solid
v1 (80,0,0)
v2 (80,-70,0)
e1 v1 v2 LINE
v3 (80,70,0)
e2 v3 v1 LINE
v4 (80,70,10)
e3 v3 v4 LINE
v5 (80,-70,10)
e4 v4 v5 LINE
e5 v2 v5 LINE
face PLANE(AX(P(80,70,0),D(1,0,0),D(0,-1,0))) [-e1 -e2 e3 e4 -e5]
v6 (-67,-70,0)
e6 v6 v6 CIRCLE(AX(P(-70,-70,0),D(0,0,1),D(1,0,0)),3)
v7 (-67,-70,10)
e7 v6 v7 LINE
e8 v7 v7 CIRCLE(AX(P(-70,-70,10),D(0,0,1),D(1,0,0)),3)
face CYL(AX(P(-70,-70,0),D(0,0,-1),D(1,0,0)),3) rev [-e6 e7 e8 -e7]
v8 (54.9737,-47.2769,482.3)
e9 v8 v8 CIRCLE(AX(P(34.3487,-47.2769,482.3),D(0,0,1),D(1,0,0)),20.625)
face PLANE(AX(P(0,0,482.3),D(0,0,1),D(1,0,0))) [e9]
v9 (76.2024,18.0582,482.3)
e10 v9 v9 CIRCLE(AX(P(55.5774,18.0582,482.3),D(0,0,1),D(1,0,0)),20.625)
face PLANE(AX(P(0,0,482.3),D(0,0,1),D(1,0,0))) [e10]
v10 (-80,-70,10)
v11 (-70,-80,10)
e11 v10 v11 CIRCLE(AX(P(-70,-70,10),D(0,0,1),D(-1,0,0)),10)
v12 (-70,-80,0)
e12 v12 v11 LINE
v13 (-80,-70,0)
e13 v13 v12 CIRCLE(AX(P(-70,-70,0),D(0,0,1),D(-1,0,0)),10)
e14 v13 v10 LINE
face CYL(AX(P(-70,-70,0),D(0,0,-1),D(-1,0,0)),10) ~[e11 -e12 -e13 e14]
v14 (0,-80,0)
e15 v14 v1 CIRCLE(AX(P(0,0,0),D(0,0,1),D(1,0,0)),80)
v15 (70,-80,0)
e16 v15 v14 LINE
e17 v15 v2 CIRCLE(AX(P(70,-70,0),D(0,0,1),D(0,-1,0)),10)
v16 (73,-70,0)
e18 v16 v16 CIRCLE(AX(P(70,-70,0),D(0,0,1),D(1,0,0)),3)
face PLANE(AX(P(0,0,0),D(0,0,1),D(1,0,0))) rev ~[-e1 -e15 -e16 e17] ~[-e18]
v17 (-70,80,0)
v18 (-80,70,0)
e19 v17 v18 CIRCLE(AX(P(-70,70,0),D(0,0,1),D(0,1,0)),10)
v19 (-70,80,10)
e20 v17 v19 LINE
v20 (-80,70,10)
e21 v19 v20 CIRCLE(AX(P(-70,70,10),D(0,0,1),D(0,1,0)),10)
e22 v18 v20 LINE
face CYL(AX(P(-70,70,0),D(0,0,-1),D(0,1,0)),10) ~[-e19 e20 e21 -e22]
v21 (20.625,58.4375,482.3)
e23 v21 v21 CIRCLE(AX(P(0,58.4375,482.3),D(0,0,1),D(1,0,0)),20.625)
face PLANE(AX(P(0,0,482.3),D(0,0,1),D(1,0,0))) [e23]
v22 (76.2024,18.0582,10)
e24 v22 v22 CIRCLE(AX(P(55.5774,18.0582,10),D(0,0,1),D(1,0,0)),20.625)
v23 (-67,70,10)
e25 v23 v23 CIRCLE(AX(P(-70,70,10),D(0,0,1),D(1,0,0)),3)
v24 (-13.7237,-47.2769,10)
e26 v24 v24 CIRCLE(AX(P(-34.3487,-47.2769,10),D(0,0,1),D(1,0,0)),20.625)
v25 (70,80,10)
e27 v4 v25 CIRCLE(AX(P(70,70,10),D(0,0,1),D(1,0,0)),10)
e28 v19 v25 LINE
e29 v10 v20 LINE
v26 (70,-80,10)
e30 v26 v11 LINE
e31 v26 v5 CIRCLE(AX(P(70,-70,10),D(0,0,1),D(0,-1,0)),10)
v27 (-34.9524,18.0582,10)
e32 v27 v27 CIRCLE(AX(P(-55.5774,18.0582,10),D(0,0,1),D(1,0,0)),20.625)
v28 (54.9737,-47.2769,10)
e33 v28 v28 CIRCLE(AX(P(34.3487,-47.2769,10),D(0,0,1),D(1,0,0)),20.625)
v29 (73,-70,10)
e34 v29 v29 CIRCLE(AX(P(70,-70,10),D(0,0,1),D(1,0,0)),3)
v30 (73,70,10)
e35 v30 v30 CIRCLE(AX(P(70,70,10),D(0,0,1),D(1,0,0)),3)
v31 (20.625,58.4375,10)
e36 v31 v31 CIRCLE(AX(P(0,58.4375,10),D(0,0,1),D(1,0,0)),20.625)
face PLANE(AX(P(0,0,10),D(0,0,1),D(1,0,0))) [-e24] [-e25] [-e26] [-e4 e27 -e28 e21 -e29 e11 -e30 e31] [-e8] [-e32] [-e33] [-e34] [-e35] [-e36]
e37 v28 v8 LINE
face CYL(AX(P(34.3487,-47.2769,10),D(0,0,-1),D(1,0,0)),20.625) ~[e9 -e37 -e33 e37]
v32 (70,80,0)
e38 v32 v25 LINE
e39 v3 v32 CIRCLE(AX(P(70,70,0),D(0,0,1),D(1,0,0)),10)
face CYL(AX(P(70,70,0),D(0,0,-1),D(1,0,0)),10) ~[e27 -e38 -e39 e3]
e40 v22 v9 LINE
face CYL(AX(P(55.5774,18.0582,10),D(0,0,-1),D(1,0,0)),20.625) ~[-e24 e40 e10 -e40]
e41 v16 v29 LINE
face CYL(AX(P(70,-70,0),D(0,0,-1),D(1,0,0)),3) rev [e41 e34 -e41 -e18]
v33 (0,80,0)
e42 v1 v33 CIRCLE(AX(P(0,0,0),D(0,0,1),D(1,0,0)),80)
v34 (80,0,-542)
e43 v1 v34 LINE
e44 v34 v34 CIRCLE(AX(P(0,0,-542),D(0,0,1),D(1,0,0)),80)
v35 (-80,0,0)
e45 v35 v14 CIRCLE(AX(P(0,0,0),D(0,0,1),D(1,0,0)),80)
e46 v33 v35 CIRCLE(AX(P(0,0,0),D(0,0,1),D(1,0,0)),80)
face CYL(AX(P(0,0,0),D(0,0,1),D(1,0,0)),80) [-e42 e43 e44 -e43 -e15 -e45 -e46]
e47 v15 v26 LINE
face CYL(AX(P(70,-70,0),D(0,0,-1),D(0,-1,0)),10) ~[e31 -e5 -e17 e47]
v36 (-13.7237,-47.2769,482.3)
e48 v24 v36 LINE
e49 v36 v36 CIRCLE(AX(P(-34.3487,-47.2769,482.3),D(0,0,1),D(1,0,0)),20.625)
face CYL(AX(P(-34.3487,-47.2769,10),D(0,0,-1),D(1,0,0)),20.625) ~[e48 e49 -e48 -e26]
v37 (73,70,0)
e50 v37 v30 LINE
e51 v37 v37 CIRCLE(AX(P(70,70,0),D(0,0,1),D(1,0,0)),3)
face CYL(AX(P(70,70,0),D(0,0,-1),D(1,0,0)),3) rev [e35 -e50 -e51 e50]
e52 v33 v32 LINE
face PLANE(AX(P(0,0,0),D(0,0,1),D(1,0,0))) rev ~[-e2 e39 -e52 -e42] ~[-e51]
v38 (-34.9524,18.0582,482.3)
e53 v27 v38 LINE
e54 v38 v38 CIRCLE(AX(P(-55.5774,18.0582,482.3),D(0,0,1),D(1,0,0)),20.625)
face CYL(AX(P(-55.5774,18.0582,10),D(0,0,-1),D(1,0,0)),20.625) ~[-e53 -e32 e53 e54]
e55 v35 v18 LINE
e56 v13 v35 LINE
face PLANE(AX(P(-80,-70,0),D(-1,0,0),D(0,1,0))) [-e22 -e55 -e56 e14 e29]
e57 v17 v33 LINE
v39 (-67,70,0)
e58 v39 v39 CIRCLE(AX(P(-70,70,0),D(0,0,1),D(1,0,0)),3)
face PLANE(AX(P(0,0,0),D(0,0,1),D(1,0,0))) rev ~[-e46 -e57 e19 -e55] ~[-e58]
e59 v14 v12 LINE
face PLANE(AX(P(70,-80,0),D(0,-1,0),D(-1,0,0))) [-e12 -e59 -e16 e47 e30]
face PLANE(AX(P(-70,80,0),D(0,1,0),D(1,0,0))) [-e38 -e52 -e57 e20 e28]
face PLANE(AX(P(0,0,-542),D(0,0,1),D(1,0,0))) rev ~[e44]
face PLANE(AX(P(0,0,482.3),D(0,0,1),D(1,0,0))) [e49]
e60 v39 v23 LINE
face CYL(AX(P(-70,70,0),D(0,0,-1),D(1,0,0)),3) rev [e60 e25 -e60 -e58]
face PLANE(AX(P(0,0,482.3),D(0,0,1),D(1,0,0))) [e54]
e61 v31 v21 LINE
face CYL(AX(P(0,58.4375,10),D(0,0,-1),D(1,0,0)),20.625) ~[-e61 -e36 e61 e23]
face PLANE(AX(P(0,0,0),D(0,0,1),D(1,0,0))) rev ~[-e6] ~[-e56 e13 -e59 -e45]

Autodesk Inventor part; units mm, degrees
ref_plane "YZ Plane" through (0, 0, 0) normal (1, 0, 0) x (0, 1, 0)
ref_plane "XZ Plane" through (0, 0, 0) normal (0, 1, 0) x (-1, 0, 0)
ref_plane "XY Plane" through (0, 0, 0) normal (0, 0, 1) x (1, 0, 0)
sketch "Boceto1" plane through (0, 0, 0) normal (0, 0, 1) x (1, 0, 0)
  circle A0 centre (0, 0) radius 80
  dimension "d0" = 160
extrude "Extrusión1" add sketch "Boceto1" against normal blind 542
sketch "Boceto2" plane through (0, 0, 0) normal (0, 0, 1) x (1, 0, 0)
  line L0 (-70, 80) -> (70, 80)
  line L1 (80, 70) -> (80, -70)
  line L2 (70, -80) -> (-70, -80)
  line L3 (-80, -70) -> (-80, 70)
  circle A0 centre (0, 0) radius 80 construction
  circle A1 centre (-70, 70) radius 3
  arc A2 (-70, 80) -> (-80, 70) centre (-70, 70) ccw
  arc A3 (80, 70) -> (70, 80) centre (70, 70) ccw
  arc A4 (70, -80) -> (80, -70) centre (70, -70) ccw
  arc A5 (-80, -70) -> (-70, -80) centre (-70, -70) ccw
  circle A6 centre (-70, -70) radius 3
  circle A7 centre (70, -70) radius 3
  circle A8 centre (70, 70) radius 3
  dimension "d4" = 6
  dimension "d5" = 10
  dimension "d6" = 10
  dimension "d7" = 10
  dimension "d10" = 360
extrude "Extrusión2" add sketch "Boceto2" along normal blind 10
sketch "Boceto3" plane through (0, 0, 10) normal (0, 0, 1) x (1, 0, 0)
  circle A0 centre (0, 0) radius 58.4375 construction
  circle A1 centre (0, 58.4375) radius 20.625
  circle A2 centre (0, 0) radius 58.4375 construction
  circle A3 centre (-55.5774, 18.0582) radius 20.625
  circle A4 centre (0, 0) radius 58.4375 construction
  circle A5 centre (-34.3487, -47.2769) radius 20.625
  circle A6 centre (0, 0) radius 58.4375 construction
  circle A7 centre (34.3487, -47.2769) radius 20.625
  circle A8 centre (0, 0) radius 58.4375 construction
  circle A9 centre (55.5774, 18.0582) radius 20.625
  dimension "d14" = 116.875
  dimension "d15" = 41.25
  dimension "d18" = 360
extrude "Extrusión3" add sketch "Boceto3" along normal blind 472.3
equation "\"d1\" = 2 * ancho_llanta"
equation "\"d6\" = d5"
equation "\"ancho_llanta\" = 271"
properties part number "atornillador" material "Acero inoxidable, pulido"
